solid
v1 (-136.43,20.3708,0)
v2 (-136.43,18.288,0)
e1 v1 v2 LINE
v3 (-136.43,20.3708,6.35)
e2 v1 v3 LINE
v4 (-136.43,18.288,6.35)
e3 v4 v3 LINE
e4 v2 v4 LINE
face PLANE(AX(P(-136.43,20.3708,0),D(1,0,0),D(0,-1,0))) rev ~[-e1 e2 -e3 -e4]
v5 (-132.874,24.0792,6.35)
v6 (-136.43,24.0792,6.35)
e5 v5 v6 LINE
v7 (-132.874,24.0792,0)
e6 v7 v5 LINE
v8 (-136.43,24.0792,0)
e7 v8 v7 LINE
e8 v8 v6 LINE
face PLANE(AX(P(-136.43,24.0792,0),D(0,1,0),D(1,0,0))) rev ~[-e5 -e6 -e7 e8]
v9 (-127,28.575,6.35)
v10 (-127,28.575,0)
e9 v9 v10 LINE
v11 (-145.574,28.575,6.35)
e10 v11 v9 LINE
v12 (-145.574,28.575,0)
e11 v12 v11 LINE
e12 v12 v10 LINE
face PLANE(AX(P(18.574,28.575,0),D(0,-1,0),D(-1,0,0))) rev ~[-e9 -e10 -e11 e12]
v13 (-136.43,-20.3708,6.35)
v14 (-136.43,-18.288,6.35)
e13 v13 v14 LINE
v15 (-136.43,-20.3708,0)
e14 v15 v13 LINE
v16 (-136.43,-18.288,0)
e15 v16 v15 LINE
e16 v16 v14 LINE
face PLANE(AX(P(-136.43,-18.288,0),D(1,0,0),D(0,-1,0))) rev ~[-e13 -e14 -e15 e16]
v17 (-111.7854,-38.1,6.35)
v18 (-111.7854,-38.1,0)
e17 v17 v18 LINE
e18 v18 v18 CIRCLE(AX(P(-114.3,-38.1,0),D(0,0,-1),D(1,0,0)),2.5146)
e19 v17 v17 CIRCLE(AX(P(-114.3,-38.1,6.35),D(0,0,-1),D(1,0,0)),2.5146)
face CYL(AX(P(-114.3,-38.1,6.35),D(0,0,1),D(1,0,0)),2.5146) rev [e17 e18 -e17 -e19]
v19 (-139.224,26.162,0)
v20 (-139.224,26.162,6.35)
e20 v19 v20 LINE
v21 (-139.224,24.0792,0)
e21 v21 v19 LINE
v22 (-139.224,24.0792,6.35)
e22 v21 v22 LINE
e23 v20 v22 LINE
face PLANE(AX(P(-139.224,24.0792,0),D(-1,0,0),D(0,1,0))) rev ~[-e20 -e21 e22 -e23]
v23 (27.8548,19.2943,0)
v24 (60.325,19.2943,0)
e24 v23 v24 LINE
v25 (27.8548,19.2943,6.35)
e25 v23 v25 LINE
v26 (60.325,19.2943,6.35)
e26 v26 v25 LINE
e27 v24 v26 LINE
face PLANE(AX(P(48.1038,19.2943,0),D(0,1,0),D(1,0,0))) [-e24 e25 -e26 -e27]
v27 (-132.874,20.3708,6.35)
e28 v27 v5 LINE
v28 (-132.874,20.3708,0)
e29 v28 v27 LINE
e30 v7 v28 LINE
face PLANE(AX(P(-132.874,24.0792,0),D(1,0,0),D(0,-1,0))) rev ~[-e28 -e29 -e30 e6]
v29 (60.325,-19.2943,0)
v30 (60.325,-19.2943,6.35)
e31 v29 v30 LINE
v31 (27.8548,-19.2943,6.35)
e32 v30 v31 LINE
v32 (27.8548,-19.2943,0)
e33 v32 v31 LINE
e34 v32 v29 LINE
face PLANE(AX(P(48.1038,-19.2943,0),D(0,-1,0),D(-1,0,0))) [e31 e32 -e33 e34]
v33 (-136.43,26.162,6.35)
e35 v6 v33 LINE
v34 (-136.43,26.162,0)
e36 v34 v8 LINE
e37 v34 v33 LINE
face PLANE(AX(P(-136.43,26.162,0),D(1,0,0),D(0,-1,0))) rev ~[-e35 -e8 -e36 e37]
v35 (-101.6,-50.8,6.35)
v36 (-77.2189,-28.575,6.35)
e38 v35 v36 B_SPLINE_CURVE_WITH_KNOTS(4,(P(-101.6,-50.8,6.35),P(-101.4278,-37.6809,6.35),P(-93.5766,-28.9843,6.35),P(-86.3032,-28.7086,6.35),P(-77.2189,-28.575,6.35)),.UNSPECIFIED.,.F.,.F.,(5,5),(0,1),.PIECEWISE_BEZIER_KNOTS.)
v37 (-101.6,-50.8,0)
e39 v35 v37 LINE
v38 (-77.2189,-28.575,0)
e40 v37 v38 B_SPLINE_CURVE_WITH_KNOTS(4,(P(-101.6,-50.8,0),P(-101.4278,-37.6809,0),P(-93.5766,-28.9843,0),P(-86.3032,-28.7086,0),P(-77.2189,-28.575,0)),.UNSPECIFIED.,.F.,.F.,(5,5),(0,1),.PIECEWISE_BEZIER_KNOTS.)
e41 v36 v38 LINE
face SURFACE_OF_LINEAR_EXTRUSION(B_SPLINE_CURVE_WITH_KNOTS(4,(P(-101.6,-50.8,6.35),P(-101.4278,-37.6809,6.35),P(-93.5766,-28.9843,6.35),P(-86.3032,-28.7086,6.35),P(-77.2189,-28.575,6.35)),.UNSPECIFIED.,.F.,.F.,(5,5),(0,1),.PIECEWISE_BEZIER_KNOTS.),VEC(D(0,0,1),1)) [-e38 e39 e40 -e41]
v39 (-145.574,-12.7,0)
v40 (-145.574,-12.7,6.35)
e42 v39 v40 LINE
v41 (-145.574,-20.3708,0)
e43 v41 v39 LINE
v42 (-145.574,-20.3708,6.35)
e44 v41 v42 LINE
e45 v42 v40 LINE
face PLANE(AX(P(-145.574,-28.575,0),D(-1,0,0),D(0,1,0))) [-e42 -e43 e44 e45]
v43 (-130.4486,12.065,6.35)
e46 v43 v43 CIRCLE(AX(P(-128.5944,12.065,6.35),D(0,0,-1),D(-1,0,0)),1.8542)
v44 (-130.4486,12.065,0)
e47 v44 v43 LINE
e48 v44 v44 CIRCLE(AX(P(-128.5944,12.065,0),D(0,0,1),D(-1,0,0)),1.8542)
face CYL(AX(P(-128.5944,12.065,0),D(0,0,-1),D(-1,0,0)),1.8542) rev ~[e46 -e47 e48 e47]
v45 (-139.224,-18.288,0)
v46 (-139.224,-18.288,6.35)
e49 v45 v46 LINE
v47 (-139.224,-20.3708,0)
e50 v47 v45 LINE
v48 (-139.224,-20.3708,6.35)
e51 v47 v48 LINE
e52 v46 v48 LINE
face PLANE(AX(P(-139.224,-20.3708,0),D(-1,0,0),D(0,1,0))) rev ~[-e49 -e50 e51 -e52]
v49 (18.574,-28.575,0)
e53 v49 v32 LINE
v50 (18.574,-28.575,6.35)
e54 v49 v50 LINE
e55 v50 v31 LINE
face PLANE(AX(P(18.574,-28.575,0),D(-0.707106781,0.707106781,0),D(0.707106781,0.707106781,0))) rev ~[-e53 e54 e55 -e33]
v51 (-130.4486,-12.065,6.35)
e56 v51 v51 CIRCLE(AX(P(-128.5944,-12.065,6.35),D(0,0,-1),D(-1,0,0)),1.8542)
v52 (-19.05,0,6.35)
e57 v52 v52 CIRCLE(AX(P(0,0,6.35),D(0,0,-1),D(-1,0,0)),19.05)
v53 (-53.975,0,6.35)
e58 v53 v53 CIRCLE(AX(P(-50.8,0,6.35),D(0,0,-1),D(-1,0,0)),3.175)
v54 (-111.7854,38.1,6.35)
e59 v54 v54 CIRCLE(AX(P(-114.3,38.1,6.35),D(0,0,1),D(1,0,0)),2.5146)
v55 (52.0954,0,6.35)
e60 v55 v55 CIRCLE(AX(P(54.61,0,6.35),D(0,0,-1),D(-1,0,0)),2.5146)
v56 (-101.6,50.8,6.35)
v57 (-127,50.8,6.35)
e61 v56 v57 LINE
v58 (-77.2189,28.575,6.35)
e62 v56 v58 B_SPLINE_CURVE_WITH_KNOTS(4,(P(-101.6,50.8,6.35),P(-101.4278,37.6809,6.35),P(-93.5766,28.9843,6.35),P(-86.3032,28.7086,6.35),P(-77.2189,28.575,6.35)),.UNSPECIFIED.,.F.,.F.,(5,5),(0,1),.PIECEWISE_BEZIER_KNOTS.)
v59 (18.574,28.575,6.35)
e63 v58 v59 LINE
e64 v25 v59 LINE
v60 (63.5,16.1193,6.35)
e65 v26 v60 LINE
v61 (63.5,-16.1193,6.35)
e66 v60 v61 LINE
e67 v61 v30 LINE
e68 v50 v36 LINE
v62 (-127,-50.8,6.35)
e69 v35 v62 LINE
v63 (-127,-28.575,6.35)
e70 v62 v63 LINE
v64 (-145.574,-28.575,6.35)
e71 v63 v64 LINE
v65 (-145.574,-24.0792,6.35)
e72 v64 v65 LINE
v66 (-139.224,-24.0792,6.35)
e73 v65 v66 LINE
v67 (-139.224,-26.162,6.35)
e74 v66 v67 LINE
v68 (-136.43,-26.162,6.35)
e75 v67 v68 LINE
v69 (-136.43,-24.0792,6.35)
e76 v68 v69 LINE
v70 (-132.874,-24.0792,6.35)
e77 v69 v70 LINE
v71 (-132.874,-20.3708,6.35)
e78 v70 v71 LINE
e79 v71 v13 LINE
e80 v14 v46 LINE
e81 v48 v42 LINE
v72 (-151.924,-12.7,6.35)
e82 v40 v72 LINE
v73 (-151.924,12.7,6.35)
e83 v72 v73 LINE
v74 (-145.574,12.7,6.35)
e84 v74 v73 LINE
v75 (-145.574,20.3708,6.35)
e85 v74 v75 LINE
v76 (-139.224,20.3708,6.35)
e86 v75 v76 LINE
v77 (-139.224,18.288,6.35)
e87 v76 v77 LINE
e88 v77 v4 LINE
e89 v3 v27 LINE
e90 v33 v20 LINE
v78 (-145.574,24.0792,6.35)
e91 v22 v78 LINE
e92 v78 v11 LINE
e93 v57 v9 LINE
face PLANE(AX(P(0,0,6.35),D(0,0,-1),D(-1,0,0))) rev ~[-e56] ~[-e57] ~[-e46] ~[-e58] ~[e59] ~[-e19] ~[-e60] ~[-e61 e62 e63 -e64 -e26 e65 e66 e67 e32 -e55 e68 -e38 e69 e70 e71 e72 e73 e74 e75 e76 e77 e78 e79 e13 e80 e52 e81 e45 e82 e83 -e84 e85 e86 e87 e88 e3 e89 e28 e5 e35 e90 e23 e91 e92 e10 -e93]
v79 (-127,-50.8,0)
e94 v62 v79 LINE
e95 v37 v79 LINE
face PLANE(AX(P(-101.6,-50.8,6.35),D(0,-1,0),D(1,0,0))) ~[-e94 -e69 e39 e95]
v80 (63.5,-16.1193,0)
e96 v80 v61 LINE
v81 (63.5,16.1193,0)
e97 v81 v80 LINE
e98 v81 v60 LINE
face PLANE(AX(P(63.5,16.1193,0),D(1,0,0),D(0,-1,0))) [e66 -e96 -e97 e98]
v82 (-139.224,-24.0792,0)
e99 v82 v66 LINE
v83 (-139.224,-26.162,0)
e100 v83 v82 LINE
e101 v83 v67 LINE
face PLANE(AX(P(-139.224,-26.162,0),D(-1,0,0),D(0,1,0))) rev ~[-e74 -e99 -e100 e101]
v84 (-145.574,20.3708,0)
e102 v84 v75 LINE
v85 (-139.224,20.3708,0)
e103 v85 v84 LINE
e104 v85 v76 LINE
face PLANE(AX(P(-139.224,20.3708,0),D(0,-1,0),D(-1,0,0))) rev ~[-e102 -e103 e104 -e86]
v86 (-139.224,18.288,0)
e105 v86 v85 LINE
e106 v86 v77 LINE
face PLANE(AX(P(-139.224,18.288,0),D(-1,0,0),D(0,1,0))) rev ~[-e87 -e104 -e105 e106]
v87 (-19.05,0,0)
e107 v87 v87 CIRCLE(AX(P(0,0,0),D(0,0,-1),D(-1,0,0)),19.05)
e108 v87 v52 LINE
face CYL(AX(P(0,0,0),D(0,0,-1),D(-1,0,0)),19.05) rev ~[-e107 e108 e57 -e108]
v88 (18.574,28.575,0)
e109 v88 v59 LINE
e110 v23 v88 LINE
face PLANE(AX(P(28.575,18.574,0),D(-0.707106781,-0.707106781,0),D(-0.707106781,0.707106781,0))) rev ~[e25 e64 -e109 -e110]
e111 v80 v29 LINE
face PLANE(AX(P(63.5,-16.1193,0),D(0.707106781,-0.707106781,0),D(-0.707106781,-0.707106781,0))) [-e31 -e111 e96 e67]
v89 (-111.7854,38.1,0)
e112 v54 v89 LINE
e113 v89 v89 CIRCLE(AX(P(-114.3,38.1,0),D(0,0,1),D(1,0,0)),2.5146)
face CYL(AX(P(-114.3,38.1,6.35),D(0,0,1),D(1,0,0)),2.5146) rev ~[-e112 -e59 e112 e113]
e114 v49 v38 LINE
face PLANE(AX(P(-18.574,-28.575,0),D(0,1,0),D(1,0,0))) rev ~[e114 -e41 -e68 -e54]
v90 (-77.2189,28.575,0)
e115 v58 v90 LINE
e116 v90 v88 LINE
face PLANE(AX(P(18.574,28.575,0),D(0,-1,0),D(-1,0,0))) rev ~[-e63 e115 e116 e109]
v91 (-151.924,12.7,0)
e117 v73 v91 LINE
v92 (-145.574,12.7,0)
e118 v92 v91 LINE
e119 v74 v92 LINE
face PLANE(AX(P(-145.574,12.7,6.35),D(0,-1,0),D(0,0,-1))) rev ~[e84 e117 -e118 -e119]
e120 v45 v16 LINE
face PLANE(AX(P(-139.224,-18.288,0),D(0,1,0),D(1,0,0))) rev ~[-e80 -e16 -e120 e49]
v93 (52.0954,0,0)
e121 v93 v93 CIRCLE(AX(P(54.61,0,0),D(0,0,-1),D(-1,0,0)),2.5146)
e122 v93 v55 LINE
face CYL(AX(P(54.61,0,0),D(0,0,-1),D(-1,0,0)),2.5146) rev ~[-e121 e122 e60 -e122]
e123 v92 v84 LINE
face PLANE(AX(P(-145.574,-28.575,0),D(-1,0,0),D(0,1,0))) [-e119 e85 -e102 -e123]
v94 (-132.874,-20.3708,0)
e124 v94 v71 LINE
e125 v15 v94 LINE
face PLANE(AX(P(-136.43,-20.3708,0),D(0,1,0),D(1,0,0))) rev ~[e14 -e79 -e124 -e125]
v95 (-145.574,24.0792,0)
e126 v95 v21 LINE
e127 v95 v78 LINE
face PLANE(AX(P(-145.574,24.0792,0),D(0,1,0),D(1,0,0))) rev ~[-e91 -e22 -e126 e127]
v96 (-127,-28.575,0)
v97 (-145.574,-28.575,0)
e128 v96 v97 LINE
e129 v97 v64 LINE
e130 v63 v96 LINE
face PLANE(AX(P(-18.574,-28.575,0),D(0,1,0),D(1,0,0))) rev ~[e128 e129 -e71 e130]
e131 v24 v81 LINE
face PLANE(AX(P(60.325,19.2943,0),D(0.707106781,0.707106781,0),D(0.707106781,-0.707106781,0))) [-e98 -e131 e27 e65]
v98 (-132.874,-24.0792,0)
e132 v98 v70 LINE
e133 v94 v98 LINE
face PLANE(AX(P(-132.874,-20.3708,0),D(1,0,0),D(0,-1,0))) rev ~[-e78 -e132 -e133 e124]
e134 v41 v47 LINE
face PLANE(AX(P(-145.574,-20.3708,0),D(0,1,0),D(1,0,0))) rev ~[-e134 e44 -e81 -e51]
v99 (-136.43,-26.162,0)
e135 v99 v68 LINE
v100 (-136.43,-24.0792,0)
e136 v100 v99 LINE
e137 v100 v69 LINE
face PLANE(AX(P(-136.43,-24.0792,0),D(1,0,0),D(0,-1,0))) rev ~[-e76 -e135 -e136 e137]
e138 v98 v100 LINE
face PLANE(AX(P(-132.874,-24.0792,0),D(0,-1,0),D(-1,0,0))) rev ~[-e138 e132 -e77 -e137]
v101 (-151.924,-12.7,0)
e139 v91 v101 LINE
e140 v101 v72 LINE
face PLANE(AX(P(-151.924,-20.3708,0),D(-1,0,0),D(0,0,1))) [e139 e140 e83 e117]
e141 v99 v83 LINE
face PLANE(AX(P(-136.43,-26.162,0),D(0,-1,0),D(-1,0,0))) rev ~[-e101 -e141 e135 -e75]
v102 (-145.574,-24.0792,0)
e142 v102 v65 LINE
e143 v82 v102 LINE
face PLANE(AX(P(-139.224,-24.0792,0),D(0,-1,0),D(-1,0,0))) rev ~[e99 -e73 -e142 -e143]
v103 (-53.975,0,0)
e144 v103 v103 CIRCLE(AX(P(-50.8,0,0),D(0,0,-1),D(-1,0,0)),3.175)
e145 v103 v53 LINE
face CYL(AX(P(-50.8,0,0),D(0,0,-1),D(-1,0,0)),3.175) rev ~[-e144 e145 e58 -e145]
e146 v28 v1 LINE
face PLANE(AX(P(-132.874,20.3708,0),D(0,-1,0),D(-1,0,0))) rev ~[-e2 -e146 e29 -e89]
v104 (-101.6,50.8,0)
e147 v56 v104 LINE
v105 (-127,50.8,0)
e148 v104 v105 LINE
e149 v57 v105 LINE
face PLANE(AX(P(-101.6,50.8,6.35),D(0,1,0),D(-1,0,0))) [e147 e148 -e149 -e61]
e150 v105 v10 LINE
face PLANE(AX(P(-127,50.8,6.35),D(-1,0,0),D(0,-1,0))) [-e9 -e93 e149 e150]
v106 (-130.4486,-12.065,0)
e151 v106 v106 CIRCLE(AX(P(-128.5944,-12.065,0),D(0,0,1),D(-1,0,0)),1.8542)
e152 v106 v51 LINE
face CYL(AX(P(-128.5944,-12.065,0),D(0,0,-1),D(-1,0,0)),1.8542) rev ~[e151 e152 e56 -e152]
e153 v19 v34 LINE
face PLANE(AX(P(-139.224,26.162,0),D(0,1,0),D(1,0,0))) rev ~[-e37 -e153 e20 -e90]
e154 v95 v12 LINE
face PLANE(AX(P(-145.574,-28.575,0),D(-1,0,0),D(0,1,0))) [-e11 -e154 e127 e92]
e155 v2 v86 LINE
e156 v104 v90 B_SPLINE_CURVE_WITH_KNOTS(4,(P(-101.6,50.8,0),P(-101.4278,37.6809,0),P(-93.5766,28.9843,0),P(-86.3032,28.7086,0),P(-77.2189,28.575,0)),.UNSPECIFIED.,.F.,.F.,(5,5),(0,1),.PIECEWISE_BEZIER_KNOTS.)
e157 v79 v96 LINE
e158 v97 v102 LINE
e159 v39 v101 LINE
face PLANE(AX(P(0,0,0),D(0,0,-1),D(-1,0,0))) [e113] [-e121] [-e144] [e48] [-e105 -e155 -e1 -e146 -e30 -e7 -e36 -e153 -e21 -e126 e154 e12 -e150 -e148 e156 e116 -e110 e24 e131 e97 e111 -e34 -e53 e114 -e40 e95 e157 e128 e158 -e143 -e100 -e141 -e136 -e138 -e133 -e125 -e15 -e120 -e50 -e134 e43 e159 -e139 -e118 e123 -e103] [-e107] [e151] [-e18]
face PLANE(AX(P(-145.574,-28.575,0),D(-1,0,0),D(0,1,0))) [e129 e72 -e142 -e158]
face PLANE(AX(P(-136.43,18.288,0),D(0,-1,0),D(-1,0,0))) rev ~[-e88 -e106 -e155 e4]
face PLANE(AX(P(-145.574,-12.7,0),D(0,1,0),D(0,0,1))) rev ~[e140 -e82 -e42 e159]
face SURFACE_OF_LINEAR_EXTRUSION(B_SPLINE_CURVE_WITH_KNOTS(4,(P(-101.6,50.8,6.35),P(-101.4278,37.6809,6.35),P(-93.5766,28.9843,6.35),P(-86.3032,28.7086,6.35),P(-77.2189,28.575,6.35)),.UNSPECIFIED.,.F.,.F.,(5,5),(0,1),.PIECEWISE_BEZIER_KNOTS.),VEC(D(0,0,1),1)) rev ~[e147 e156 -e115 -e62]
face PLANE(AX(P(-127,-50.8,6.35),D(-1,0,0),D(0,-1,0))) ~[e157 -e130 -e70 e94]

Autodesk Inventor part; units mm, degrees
ref_plane "YZ Plane" through (0, 0, 0) normal (1, 0, 0) x (0, 1, 0)
ref_plane "XZ Plane" through (0, 0, 0) normal (0, 1, 0) x (-1, 0, 0)
ref_plane "XY Plane" through (0, 0, 0) normal (0, 0, 1) x (1, 0, 0)
sketch "Sketch1" plane through (0, 0, 0) normal (0, 0, 1) x (1, 0, 0)
  line L0 (-21.15, 15.4985) -> (-15.4985, 21.15)
  line L1 (-15.4985, 21.15) -> (15.4985, 21.15)
  line L2 (15.4985, 21.15) -> (21.15, 15.4985)
  line L3 (21.15, 15.4985) -> (21.15, -15.4985)
  line L4 (21.15, -15.4985) -> (15.4985, -21.15)
  line L5 (15.4985, -21.15) -> (-15.4985, -21.15)
  line L6 (-15.4985, -21.15) -> (-21.15, -15.4985)
  line L7 (-21.15, -15.4985) -> (-21.15, 15.4985)
  line L8 (28.575, -18.574) -> (28.575, 18.574)
  line L9 (28.575, 18.574) -> (18.574, 28.575)
  line L10 (18.574, 28.575) -> (-18.574, 28.575)
  line L11 (-18.574, 28.575) -> (-28.575, 18.574)
  line L12 (-28.575, 18.574) -> (-28.575, -18.574)
  line L13 (-28.575, -18.574) -> (-18.574, -28.575)
  line L14 (-18.574, -28.575) -> (18.574, -28.575)
  line L15 (18.574, -28.575) -> (28.575, -18.574)
  line L16 (-18.574, -28.575) -> (-145.574, -28.575)
  line L17 (-145.574, -28.575) -> (-145.574, 28.575)
  line L18 (-145.574, 28.575) -> (-18.574, 28.575)
  line L19 (-18.574, 28.575) -> (-18.574, -28.575)
  circle A0 centre (0, 0) radius 11
  point P0 (0, 0)
  dimension "d0" = 127
  dimension "d1" = 57.15
  dimension "d2" = 57.15
extrude "Extrusion1" add sketch "Sketch1" along normal blind 6.35 contours L7 L6 L19 L13 L12 L11 L0 | L0 L19 L6 L7 | L19 L10 L9 L8 L15 L14 L6 L5 L4 L3 L2 L1 L0 | L0 L1 L2 L3 L4 L5 L6 L19 | L11 L12 L13 L16 L17 L18 | A0
sketch "Sketch2" plane through (0, 0, 0) normal (0, 0, -1) x (-1, 0, 0)
  line L0 (130.4486, -16.3493) -> (130.4486, -9.9993) projected
  line L1 (126.7402, -9.9993) -> (126.7402, -16.3493) projected
  line L2 (130.4486, 9.0507) -> (130.4486, 15.4007) projected
  line L3 (126.7402, 15.4007) -> (126.7402, 9.0507) projected
  line L4 (126.7402, -12.7) -> (130.4486, -12.7) construction
  line L5 (126.7402, 12.7) -> (130.4486, 12.7) construction
  circle A0 centre (128.5944, -12.065) radius 1.8542
  circle A1 centre (128.5944, 12.065) radius 1.8542
  line L6 (-18.574, 28.575) -> (145.574, 28.575) projected
  line L7 (145.574, -28.575) -> (-18.574, -28.575) projected
  line L8 (242.583, -12.065) -> (-73.768, -12.065)
  dimension "d5" = 3.7084
  dimension "d6" = 3.7084
  dimension "d13" = 16.51
  dimension "d14" = 16.51
  dimension "d15" = 16.51
extrude "Extrusion2" cut sketch "Sketch2" against normal through all
sketch "Sketch3" plane through (0, 0, 0) normal (0, 0, -1) x (-1, 0, 0)
  line L0 (145.574, 28.575) -> (145.574, -28.575) projected
  line L1 (139.224, -24.0792) -> (145.574, -24.0792) projected
  line L2 (145.574, -28.575) -> (145.574, -24.0792) projected
  line L3 (-18.574, -28.575) -> (145.574, -28.575) projected
  line L4 (-28.575, -18.574) -> (-18.574, -28.575) projected
  line L5 (-28.575, 18.574) -> (-28.575, -18.574) projected
  line L6 (-18.574, 28.575) -> (-28.575, 18.574) projected
  line L7 (145.574, 28.575) -> (-18.574, 28.575) projected
  line L8 (145.574, 24.0792) -> (145.574, 28.575) projected
  line L9 (145.574, 24.0792) -> (139.224, 24.0792) projected
  line L10 (139.224, 24.0792) -> (139.224, 26.162) projected
  line L11 (139.224, 26.162) -> (136.43, 26.162) projected
  line L12 (136.43, 26.162) -> (136.43, 24.0792) projected
  line L13 (136.43, 24.0792) -> (132.874, 24.0792) projected
  line L14 (132.874, 24.0792) -> (132.874, 20.3708) projected
  line L15 (132.874, 20.3708) -> (136.43, 20.3708) projected
  line L16 (136.43, 20.3708) -> (136.43, 18.288) projected
  line L17 (136.43, 18.288) -> (139.224, 18.288) projected
  line L18 (139.224, 18.288) -> (139.224, 20.3708) projected
  line L19 (139.224, 20.3708) -> (145.574, 20.3708) projected
  line L20 (145.574, -20.3708) -> (145.574, 20.3708) projected
  line L21 (145.574, -20.3708) -> (139.224, -20.3708) projected
  line L22 (139.224, -20.3708) -> (139.224, -18.288) projected
  line L23 (139.224, -18.288) -> (136.43, -18.288) projected
  line L24 (136.43, -18.288) -> (136.43, -20.3708) projected
  line L25 (136.43, -20.3708) -> (132.874, -20.3708) projected
  line L26 (132.874, -20.3708) -> (132.874, -24.0792) projected
  line L27 (132.874, -24.0792) -> (136.43, -24.0792) projected
  line L28 (136.43, -24.0792) -> (136.43, -26.162) projected
  line L29 (136.43, -26.162) -> (139.224, -26.162) projected
  line L30 (139.224, -26.162) -> (139.224, -24.0792) projected
  circle A0 centre (128.5944, 12.7) radius 1.8542 projected
  circle A1 centre (128.5944, -12.7) radius 1.8542 projected
  circle A2 centre (-15.5, -15.5) radius 2 projected
  circle A3 centre (15.5, -15.5) radius 2 projected
  circle A4 centre (-15.5, 15.5) radius 2 projected
  circle A5 centre (15.5, 15.5) radius 2 projected
  circle A6 centre (0, 0) radius 11 projected
extrude "Extrusion3" cut sketch "Sketch3" against normal through all contours L0 L19 L18 L17 L16 L15 L14 L13 L12 L11 L10 L9 | L0 L1 L30 L29 L28 L27 L26 L25 L24 L23 L22 L21
sketch "Sketch4" plane through (0, 0, 0) normal (0, 0, -1) x (-1, 0, 0)
  circle A0 centre (0, 0) radius 11 projected
  circle A1 centre (0, 0) radius 19.05 projected
  point P0 (0, 0)
  dimension "d24" = 38.1
  dimension "d25" = 22
extrude "Extrusion4" cut sketch "Sketch4" against normal through all contours A0 | A1
sketch "Sketch5" plane through (-145.574, -20.3708, 0) normal (-1, 0, 0) x (0, 0, 1)
  line L0 (0, 40.7416) -> (0, 0) projected
  line L1 (0, 33.0708) -> (0, 7.6708) projected
  line L2 (0, 7.6708) -> (6.35, 7.6708) projected
  line L3 (6.35, 7.6708) -> (6.35, 33.0708) projected
  line L4 (6.35, 33.0708) -> (0, 33.0708) projected
  point P0 (0, 20.3708)
extrude "Extrusion5" add sketch "Sketch5" along normal blind 6.35
sketch "Sketch6" plane through (0, 0, 6.35) normal (0, 0, 1) x (1, 0, 0)
  line L0 (-145.574, 28.575) -> (18.574, 28.575) projected
  circle A0 centre (-114.3, 38.1) radius 2.5146 projected
  circle A1 centre (-114.3, -38.1) radius 2.5146 projected
  line L1 (0, 50.8) -> (-127, 50.8) projected
  line L2 (-127, 50.8) -> (-127, -50.8) projected
  line L3 (-127, -50.8) -> (0, -50.8) projected
  line L4 (-127, 50.8) -> (-101.6, 50.8)
  line L5 (-101.6, 28.575) -> (-127, 28.575)
  line L6 (-127, 28.575) -> (-127, 50.8)
  spline S0 degree 4 poles (-101.6, 50.8) (-101.4278, 37.6809) (-93.5766, 28.9843) (-86.3032, 28.7086) (-77.2189, 28.575) knots 0 0 0 0 0 1 1 1 1 1
  line L7 (-101.6678, 55.9666) -> (-101.5322, 45.6334) construction
  arc A2 (-101.3699, 54.8975) -> (-101.2624, 46.71) centre (-71.935, 51.1893) ccw construction
  line L8 (-81.6682, 28.6405) -> (-72.7695, 28.5095) construction
  arc A3 (-80.7781, 28.6371) -> (-73.6593, 28.5323) centre (-67.6175, 681.2105) ccw construction
  line L9 (-151.924, 0) -> (28.575, 0) construction
  line L10 (0, -50.8) -> (-127, -50.8)
  line L11 (-101.6, -50.8) -> (-101.6, -28.575)
  line L12 (-127, -28.575) -> (-127, -50.8)
  spline S1 degree 4 poles (-101.6, -50.8) (-101.4278, -37.6809) (-93.5766, -28.9843) (-86.3032, -28.7086) (-77.2189, -28.575) knots 0 0 0 0 0 1 1 1 1 1
  line L13 (-101.6678, -55.9666) -> (-101.5322, -45.6334) construction
  arc A4 (-101.2624, -46.71) -> (-101.3699, -54.8975) centre (-71.935, -51.1893) ccw construction
  line L14 (-81.6682, -28.6405) -> (-72.7695, -28.5095) construction
  arc A5 (-73.6593, -28.5323) -> (-80.7781, -28.6371) centre (-67.6175, -681.2105) ccw construction
  line L15 (-77.2189, 28.575) -> (-101.6, 28.5129)
  point P0 (-91.9655, 31.5993)
  point P1 (-91.9655, -31.5993)
extrude "Extrusion6" add sketch "Sketch6" against normal blind 6.35 contours L2 L1 S0 L0
ref_plane "Work Plane1" through (-145.574, 0, 0) normal (0, -1, 0) x (1, 0, 0)
mirror "Mirror1" about plane through (-145.574, 0, 0) normal (0, -1, 0) of "Extrusion6"
sketch "Sketch7" plane through (0, 0, 0) normal (0, 0, -1) x (-1, 0, 0)
  line L0 (-28.575, 18.574) -> (-18.574, 28.575)
  line L1 (-18.574, -28.575) -> (-28.575, -18.574)
  line L2 (-28.575, -18.574) -> (-28.575, 18.574)
  line L3 (-60.325, -19.2943) -> (-48.1038, -19.2943)
  line L4 (-63.5, -16.1193) -> (-60.325, -19.2943)
  line L5 (-63.5, 16.1193) -> (-63.5, -16.1193)
  line L6 (-60.325, 19.2943) -> (-63.5, 16.1193)
  line L7 (-48.1038, 19.2943) -> (-60.325, 19.2943)
  line L8 (-48.1038, 19.2943) -> (-27.8548, 19.2943)
  line L9 (-48.1038, -19.2943) -> (-27.8548, -19.2943)
  circle A0 centre (-54.61, 0) radius 2.5146
extrude "Extrusion7" add sketch "Sketch7" against normal blind 6.35
sketch "Sketch8" plane through (0, 0, 0) normal (0, 0, -1) x (-1, 0, 0)
  circle A0 centre (50.8, 0) radius 3.175 projected
extrude "Extrusion8" cut sketch "Sketch8" against normal through all
equation "\"d2\" = d1"
equation "\"d14\" = d13"
equation "\"d15\" = d14"
properties part number "tiltColumnStepperSide02_RB01" material "Gold"
